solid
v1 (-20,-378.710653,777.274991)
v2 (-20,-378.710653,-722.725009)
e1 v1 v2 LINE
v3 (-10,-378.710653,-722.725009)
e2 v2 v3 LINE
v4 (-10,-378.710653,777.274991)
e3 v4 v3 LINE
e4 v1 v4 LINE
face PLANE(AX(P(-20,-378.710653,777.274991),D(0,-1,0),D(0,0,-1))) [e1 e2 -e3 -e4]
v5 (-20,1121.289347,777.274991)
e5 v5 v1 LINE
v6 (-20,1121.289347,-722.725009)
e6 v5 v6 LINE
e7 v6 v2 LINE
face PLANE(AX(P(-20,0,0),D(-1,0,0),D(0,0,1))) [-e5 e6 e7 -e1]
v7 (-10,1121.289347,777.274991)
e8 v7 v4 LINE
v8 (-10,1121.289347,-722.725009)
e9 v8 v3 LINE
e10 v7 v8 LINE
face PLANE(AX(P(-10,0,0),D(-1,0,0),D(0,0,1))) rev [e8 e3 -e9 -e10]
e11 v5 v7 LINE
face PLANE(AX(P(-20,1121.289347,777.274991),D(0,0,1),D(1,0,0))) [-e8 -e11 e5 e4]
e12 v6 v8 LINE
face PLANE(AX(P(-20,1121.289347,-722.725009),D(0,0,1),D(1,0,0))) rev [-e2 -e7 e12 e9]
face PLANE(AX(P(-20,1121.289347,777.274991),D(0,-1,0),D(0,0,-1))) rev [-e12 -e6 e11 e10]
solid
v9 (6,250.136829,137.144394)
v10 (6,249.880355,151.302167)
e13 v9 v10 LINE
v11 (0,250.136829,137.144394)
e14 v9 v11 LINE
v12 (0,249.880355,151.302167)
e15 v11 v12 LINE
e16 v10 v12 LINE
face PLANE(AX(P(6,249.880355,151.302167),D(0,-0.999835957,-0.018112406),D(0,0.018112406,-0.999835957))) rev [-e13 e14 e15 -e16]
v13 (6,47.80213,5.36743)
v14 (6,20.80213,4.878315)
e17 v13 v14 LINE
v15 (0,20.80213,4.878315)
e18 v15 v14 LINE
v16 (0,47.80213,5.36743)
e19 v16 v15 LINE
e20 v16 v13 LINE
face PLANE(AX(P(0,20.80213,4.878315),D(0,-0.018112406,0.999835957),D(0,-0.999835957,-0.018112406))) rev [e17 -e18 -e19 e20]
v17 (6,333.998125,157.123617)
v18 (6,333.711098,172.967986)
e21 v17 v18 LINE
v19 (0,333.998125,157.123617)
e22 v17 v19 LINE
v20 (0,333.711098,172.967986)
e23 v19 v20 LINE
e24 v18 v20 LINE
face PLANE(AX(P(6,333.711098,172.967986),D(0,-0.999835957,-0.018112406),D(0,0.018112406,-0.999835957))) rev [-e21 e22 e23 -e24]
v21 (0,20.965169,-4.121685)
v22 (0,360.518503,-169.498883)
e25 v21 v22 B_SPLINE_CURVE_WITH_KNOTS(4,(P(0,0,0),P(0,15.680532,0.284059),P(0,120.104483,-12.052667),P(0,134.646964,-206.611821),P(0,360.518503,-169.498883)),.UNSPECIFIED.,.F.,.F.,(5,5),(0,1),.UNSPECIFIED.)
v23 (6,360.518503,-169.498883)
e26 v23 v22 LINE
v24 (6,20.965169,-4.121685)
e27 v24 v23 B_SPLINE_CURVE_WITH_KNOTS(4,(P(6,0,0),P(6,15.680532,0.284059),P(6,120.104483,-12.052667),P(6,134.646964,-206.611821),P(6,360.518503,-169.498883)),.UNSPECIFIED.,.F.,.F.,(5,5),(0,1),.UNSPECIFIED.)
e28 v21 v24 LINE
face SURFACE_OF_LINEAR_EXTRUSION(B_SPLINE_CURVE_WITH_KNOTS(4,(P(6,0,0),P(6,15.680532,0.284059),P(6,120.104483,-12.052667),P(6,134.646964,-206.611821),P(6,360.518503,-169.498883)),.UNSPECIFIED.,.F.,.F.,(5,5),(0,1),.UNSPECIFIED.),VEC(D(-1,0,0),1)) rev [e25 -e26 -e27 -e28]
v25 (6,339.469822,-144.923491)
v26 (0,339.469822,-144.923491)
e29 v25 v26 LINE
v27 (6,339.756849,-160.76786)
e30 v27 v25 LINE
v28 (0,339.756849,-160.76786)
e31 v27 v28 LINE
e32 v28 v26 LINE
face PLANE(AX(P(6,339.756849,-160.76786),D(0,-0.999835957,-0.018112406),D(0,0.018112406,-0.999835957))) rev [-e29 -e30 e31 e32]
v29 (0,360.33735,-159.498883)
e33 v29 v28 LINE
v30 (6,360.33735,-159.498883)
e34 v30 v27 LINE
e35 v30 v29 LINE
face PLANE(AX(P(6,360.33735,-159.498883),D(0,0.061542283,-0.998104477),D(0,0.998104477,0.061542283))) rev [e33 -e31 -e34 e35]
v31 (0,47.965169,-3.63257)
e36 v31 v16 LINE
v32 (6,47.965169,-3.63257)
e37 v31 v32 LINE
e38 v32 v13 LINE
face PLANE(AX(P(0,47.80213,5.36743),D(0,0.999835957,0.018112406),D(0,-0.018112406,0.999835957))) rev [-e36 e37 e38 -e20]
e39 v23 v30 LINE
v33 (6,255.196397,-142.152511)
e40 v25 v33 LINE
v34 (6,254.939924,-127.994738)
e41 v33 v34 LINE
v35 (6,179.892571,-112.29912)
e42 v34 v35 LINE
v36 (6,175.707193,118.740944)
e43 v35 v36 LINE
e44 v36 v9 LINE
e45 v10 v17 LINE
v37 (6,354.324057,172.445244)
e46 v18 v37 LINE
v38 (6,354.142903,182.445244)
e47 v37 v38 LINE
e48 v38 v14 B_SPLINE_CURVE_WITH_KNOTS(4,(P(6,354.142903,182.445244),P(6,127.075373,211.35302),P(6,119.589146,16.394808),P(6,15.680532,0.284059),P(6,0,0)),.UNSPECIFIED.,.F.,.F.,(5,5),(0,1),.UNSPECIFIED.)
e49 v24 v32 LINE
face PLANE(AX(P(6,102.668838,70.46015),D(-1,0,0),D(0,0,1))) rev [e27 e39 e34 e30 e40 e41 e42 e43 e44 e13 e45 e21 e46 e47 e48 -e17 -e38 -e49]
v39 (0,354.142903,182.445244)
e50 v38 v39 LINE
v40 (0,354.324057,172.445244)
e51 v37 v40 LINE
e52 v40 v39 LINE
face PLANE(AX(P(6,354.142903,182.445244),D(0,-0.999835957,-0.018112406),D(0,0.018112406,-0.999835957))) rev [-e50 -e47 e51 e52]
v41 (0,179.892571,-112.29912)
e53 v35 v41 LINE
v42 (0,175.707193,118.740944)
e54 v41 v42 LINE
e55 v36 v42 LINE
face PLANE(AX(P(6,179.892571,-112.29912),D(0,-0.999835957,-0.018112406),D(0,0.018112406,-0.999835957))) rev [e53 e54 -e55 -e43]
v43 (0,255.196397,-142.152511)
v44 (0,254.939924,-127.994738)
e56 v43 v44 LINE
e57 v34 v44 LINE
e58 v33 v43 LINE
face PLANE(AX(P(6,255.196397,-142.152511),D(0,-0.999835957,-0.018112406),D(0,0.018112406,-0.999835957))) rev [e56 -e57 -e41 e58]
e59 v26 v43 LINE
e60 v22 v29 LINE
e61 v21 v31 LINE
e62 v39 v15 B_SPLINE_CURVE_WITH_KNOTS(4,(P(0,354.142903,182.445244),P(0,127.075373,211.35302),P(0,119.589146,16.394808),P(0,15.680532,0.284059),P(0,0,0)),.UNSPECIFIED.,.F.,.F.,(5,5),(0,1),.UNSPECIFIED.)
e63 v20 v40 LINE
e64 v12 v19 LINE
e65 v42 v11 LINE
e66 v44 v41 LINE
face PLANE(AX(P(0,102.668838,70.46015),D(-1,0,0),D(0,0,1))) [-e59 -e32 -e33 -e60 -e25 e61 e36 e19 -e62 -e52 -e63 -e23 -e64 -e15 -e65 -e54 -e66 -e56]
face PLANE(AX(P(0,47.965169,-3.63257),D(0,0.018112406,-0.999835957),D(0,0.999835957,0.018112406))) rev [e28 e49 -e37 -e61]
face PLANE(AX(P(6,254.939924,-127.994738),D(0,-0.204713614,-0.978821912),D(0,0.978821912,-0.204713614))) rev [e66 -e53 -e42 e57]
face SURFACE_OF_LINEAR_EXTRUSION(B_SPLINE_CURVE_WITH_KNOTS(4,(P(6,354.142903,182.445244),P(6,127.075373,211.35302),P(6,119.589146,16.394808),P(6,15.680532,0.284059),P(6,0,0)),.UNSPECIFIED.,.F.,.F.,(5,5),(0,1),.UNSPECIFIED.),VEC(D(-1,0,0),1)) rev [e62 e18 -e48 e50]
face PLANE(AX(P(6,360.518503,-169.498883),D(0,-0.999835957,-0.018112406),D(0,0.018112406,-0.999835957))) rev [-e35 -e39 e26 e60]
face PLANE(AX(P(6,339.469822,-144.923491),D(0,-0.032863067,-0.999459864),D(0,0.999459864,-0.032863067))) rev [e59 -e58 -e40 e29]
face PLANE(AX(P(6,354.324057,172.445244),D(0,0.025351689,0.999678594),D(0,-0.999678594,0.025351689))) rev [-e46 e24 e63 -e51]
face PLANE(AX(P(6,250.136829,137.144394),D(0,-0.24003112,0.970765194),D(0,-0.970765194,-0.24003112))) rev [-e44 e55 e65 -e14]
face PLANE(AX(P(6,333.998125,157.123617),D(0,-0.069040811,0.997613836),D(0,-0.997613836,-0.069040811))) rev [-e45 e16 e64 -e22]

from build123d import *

# Parameters (mm, degrees)
BOSS_EXTRU_2_DEPTH      = 10
BOSS_EXTRU_3_DEPTH      = 6
ENL_V_MAT_EXTRU_1_DEPTH = 6


with BuildPart() as part:
    # Esquisse3D1 → Boss.-Extru.2 (new body)
    with BuildSketch(Plane(origin=(-20, 1121.289346724, 777.274991403), x_dir=(0, -0.7071067811865476, -0.7071067811865476), z_dir=(1, 0, 0))):
        Polygon((0, 0), (1060.66017178, 1060.66017178), (2121.32034356, 0), (1060.66017178, -1060.66017178), align=None)
    extrude(amount=BOSS_EXTRU_2_DEPTH)


with BuildPart() as body_2:
    # Esquisse5 → Boss.-Extru.3 (new body)
    with BuildSketch(Plane(origin=(0, 0, 0), x_dir=(0, 0, -1), z_dir=(1, 0, 0))):
        with BuildLine():
            Line((169.498883348, 360.518503443), (159.498883348, 360.337349671))
            Line((159.498883348, 360.337349671), (160.767859708, 339.756849085))
            Line((160.767859708, 339.756849085), (144.923491305, 339.469822374))
            Line((144.923491305, 339.469822374), (142.15251138, 255.19639745))
            Line((142.15251138, 255.19639745), (127.994738238, 254.939924049))
            Line((127.994738238, 254.939924049), (112.299120278, 179.892571395))
            Line((112.299120278, 179.892571395), (-118.74094417, 175.707193466))
            Line((-118.74094417, 175.707193466), (-137.144394156, 250.13682864))
            Line((-137.144394156, 250.13682864), (-151.302167298, 249.880355239))
            Line((-151.302167298, 249.880355239), (-157.123617242, 333.998125053))
            Line((-157.123617242, 333.998125053), (-172.967985645, 333.711098342))
            Line((-172.967985645, 333.711098342), (-172.445244332, 354.32405657))
            Line((-172.445244332, 354.32405657), (-182.445244332, 354.142902797))
            add(Edge.make_bspline(
                [(0, 0), (-0.284058759, 15.680532332), (-16.394807679, 119.589146317), (-211.353019639, 127.075372846), (-182.445244332, 354.142902797)],
                knots=[0, 0, 0, 0, 0, 1, 1, 1, 1, 1], degree=4))
            add(Edge.make_bspline(
                [(0, 0), (-0.284058759, 15.680532332), (12.052667157, 120.104483055), (206.611820778, 134.64696361), (169.498883348, 360.518503443)],
                knots=[0, 0, 0, 0, 0, 1, 1, 1, 1, 1], degree=4))
        make_face()
    extrude(amount=BOSS_EXTRU_3_DEPTH)

    # Esquisse6 → Enlèv. mat.-Extru.1 (cut)
    with BuildSketch(Plane(origin=(6, 0, 0), x_dir=(0, 0, -1), z_dir=(1, 0, 0))):
        Polygon((-4.878315193, 20.802130493), (-5.367430379, 47.802130493), (3.632569621, 47.965168888), (4.121684807, 20.965168888), (117.063261114, -47.52702125), (-85.227699586, -65.220017949), align=None)
    extrude(amount=-ENL_V_MAT_EXTRU_1_DEPTH, mode=Mode.SUBTRACT)


solid = Compound([part.part, body_2.part])
